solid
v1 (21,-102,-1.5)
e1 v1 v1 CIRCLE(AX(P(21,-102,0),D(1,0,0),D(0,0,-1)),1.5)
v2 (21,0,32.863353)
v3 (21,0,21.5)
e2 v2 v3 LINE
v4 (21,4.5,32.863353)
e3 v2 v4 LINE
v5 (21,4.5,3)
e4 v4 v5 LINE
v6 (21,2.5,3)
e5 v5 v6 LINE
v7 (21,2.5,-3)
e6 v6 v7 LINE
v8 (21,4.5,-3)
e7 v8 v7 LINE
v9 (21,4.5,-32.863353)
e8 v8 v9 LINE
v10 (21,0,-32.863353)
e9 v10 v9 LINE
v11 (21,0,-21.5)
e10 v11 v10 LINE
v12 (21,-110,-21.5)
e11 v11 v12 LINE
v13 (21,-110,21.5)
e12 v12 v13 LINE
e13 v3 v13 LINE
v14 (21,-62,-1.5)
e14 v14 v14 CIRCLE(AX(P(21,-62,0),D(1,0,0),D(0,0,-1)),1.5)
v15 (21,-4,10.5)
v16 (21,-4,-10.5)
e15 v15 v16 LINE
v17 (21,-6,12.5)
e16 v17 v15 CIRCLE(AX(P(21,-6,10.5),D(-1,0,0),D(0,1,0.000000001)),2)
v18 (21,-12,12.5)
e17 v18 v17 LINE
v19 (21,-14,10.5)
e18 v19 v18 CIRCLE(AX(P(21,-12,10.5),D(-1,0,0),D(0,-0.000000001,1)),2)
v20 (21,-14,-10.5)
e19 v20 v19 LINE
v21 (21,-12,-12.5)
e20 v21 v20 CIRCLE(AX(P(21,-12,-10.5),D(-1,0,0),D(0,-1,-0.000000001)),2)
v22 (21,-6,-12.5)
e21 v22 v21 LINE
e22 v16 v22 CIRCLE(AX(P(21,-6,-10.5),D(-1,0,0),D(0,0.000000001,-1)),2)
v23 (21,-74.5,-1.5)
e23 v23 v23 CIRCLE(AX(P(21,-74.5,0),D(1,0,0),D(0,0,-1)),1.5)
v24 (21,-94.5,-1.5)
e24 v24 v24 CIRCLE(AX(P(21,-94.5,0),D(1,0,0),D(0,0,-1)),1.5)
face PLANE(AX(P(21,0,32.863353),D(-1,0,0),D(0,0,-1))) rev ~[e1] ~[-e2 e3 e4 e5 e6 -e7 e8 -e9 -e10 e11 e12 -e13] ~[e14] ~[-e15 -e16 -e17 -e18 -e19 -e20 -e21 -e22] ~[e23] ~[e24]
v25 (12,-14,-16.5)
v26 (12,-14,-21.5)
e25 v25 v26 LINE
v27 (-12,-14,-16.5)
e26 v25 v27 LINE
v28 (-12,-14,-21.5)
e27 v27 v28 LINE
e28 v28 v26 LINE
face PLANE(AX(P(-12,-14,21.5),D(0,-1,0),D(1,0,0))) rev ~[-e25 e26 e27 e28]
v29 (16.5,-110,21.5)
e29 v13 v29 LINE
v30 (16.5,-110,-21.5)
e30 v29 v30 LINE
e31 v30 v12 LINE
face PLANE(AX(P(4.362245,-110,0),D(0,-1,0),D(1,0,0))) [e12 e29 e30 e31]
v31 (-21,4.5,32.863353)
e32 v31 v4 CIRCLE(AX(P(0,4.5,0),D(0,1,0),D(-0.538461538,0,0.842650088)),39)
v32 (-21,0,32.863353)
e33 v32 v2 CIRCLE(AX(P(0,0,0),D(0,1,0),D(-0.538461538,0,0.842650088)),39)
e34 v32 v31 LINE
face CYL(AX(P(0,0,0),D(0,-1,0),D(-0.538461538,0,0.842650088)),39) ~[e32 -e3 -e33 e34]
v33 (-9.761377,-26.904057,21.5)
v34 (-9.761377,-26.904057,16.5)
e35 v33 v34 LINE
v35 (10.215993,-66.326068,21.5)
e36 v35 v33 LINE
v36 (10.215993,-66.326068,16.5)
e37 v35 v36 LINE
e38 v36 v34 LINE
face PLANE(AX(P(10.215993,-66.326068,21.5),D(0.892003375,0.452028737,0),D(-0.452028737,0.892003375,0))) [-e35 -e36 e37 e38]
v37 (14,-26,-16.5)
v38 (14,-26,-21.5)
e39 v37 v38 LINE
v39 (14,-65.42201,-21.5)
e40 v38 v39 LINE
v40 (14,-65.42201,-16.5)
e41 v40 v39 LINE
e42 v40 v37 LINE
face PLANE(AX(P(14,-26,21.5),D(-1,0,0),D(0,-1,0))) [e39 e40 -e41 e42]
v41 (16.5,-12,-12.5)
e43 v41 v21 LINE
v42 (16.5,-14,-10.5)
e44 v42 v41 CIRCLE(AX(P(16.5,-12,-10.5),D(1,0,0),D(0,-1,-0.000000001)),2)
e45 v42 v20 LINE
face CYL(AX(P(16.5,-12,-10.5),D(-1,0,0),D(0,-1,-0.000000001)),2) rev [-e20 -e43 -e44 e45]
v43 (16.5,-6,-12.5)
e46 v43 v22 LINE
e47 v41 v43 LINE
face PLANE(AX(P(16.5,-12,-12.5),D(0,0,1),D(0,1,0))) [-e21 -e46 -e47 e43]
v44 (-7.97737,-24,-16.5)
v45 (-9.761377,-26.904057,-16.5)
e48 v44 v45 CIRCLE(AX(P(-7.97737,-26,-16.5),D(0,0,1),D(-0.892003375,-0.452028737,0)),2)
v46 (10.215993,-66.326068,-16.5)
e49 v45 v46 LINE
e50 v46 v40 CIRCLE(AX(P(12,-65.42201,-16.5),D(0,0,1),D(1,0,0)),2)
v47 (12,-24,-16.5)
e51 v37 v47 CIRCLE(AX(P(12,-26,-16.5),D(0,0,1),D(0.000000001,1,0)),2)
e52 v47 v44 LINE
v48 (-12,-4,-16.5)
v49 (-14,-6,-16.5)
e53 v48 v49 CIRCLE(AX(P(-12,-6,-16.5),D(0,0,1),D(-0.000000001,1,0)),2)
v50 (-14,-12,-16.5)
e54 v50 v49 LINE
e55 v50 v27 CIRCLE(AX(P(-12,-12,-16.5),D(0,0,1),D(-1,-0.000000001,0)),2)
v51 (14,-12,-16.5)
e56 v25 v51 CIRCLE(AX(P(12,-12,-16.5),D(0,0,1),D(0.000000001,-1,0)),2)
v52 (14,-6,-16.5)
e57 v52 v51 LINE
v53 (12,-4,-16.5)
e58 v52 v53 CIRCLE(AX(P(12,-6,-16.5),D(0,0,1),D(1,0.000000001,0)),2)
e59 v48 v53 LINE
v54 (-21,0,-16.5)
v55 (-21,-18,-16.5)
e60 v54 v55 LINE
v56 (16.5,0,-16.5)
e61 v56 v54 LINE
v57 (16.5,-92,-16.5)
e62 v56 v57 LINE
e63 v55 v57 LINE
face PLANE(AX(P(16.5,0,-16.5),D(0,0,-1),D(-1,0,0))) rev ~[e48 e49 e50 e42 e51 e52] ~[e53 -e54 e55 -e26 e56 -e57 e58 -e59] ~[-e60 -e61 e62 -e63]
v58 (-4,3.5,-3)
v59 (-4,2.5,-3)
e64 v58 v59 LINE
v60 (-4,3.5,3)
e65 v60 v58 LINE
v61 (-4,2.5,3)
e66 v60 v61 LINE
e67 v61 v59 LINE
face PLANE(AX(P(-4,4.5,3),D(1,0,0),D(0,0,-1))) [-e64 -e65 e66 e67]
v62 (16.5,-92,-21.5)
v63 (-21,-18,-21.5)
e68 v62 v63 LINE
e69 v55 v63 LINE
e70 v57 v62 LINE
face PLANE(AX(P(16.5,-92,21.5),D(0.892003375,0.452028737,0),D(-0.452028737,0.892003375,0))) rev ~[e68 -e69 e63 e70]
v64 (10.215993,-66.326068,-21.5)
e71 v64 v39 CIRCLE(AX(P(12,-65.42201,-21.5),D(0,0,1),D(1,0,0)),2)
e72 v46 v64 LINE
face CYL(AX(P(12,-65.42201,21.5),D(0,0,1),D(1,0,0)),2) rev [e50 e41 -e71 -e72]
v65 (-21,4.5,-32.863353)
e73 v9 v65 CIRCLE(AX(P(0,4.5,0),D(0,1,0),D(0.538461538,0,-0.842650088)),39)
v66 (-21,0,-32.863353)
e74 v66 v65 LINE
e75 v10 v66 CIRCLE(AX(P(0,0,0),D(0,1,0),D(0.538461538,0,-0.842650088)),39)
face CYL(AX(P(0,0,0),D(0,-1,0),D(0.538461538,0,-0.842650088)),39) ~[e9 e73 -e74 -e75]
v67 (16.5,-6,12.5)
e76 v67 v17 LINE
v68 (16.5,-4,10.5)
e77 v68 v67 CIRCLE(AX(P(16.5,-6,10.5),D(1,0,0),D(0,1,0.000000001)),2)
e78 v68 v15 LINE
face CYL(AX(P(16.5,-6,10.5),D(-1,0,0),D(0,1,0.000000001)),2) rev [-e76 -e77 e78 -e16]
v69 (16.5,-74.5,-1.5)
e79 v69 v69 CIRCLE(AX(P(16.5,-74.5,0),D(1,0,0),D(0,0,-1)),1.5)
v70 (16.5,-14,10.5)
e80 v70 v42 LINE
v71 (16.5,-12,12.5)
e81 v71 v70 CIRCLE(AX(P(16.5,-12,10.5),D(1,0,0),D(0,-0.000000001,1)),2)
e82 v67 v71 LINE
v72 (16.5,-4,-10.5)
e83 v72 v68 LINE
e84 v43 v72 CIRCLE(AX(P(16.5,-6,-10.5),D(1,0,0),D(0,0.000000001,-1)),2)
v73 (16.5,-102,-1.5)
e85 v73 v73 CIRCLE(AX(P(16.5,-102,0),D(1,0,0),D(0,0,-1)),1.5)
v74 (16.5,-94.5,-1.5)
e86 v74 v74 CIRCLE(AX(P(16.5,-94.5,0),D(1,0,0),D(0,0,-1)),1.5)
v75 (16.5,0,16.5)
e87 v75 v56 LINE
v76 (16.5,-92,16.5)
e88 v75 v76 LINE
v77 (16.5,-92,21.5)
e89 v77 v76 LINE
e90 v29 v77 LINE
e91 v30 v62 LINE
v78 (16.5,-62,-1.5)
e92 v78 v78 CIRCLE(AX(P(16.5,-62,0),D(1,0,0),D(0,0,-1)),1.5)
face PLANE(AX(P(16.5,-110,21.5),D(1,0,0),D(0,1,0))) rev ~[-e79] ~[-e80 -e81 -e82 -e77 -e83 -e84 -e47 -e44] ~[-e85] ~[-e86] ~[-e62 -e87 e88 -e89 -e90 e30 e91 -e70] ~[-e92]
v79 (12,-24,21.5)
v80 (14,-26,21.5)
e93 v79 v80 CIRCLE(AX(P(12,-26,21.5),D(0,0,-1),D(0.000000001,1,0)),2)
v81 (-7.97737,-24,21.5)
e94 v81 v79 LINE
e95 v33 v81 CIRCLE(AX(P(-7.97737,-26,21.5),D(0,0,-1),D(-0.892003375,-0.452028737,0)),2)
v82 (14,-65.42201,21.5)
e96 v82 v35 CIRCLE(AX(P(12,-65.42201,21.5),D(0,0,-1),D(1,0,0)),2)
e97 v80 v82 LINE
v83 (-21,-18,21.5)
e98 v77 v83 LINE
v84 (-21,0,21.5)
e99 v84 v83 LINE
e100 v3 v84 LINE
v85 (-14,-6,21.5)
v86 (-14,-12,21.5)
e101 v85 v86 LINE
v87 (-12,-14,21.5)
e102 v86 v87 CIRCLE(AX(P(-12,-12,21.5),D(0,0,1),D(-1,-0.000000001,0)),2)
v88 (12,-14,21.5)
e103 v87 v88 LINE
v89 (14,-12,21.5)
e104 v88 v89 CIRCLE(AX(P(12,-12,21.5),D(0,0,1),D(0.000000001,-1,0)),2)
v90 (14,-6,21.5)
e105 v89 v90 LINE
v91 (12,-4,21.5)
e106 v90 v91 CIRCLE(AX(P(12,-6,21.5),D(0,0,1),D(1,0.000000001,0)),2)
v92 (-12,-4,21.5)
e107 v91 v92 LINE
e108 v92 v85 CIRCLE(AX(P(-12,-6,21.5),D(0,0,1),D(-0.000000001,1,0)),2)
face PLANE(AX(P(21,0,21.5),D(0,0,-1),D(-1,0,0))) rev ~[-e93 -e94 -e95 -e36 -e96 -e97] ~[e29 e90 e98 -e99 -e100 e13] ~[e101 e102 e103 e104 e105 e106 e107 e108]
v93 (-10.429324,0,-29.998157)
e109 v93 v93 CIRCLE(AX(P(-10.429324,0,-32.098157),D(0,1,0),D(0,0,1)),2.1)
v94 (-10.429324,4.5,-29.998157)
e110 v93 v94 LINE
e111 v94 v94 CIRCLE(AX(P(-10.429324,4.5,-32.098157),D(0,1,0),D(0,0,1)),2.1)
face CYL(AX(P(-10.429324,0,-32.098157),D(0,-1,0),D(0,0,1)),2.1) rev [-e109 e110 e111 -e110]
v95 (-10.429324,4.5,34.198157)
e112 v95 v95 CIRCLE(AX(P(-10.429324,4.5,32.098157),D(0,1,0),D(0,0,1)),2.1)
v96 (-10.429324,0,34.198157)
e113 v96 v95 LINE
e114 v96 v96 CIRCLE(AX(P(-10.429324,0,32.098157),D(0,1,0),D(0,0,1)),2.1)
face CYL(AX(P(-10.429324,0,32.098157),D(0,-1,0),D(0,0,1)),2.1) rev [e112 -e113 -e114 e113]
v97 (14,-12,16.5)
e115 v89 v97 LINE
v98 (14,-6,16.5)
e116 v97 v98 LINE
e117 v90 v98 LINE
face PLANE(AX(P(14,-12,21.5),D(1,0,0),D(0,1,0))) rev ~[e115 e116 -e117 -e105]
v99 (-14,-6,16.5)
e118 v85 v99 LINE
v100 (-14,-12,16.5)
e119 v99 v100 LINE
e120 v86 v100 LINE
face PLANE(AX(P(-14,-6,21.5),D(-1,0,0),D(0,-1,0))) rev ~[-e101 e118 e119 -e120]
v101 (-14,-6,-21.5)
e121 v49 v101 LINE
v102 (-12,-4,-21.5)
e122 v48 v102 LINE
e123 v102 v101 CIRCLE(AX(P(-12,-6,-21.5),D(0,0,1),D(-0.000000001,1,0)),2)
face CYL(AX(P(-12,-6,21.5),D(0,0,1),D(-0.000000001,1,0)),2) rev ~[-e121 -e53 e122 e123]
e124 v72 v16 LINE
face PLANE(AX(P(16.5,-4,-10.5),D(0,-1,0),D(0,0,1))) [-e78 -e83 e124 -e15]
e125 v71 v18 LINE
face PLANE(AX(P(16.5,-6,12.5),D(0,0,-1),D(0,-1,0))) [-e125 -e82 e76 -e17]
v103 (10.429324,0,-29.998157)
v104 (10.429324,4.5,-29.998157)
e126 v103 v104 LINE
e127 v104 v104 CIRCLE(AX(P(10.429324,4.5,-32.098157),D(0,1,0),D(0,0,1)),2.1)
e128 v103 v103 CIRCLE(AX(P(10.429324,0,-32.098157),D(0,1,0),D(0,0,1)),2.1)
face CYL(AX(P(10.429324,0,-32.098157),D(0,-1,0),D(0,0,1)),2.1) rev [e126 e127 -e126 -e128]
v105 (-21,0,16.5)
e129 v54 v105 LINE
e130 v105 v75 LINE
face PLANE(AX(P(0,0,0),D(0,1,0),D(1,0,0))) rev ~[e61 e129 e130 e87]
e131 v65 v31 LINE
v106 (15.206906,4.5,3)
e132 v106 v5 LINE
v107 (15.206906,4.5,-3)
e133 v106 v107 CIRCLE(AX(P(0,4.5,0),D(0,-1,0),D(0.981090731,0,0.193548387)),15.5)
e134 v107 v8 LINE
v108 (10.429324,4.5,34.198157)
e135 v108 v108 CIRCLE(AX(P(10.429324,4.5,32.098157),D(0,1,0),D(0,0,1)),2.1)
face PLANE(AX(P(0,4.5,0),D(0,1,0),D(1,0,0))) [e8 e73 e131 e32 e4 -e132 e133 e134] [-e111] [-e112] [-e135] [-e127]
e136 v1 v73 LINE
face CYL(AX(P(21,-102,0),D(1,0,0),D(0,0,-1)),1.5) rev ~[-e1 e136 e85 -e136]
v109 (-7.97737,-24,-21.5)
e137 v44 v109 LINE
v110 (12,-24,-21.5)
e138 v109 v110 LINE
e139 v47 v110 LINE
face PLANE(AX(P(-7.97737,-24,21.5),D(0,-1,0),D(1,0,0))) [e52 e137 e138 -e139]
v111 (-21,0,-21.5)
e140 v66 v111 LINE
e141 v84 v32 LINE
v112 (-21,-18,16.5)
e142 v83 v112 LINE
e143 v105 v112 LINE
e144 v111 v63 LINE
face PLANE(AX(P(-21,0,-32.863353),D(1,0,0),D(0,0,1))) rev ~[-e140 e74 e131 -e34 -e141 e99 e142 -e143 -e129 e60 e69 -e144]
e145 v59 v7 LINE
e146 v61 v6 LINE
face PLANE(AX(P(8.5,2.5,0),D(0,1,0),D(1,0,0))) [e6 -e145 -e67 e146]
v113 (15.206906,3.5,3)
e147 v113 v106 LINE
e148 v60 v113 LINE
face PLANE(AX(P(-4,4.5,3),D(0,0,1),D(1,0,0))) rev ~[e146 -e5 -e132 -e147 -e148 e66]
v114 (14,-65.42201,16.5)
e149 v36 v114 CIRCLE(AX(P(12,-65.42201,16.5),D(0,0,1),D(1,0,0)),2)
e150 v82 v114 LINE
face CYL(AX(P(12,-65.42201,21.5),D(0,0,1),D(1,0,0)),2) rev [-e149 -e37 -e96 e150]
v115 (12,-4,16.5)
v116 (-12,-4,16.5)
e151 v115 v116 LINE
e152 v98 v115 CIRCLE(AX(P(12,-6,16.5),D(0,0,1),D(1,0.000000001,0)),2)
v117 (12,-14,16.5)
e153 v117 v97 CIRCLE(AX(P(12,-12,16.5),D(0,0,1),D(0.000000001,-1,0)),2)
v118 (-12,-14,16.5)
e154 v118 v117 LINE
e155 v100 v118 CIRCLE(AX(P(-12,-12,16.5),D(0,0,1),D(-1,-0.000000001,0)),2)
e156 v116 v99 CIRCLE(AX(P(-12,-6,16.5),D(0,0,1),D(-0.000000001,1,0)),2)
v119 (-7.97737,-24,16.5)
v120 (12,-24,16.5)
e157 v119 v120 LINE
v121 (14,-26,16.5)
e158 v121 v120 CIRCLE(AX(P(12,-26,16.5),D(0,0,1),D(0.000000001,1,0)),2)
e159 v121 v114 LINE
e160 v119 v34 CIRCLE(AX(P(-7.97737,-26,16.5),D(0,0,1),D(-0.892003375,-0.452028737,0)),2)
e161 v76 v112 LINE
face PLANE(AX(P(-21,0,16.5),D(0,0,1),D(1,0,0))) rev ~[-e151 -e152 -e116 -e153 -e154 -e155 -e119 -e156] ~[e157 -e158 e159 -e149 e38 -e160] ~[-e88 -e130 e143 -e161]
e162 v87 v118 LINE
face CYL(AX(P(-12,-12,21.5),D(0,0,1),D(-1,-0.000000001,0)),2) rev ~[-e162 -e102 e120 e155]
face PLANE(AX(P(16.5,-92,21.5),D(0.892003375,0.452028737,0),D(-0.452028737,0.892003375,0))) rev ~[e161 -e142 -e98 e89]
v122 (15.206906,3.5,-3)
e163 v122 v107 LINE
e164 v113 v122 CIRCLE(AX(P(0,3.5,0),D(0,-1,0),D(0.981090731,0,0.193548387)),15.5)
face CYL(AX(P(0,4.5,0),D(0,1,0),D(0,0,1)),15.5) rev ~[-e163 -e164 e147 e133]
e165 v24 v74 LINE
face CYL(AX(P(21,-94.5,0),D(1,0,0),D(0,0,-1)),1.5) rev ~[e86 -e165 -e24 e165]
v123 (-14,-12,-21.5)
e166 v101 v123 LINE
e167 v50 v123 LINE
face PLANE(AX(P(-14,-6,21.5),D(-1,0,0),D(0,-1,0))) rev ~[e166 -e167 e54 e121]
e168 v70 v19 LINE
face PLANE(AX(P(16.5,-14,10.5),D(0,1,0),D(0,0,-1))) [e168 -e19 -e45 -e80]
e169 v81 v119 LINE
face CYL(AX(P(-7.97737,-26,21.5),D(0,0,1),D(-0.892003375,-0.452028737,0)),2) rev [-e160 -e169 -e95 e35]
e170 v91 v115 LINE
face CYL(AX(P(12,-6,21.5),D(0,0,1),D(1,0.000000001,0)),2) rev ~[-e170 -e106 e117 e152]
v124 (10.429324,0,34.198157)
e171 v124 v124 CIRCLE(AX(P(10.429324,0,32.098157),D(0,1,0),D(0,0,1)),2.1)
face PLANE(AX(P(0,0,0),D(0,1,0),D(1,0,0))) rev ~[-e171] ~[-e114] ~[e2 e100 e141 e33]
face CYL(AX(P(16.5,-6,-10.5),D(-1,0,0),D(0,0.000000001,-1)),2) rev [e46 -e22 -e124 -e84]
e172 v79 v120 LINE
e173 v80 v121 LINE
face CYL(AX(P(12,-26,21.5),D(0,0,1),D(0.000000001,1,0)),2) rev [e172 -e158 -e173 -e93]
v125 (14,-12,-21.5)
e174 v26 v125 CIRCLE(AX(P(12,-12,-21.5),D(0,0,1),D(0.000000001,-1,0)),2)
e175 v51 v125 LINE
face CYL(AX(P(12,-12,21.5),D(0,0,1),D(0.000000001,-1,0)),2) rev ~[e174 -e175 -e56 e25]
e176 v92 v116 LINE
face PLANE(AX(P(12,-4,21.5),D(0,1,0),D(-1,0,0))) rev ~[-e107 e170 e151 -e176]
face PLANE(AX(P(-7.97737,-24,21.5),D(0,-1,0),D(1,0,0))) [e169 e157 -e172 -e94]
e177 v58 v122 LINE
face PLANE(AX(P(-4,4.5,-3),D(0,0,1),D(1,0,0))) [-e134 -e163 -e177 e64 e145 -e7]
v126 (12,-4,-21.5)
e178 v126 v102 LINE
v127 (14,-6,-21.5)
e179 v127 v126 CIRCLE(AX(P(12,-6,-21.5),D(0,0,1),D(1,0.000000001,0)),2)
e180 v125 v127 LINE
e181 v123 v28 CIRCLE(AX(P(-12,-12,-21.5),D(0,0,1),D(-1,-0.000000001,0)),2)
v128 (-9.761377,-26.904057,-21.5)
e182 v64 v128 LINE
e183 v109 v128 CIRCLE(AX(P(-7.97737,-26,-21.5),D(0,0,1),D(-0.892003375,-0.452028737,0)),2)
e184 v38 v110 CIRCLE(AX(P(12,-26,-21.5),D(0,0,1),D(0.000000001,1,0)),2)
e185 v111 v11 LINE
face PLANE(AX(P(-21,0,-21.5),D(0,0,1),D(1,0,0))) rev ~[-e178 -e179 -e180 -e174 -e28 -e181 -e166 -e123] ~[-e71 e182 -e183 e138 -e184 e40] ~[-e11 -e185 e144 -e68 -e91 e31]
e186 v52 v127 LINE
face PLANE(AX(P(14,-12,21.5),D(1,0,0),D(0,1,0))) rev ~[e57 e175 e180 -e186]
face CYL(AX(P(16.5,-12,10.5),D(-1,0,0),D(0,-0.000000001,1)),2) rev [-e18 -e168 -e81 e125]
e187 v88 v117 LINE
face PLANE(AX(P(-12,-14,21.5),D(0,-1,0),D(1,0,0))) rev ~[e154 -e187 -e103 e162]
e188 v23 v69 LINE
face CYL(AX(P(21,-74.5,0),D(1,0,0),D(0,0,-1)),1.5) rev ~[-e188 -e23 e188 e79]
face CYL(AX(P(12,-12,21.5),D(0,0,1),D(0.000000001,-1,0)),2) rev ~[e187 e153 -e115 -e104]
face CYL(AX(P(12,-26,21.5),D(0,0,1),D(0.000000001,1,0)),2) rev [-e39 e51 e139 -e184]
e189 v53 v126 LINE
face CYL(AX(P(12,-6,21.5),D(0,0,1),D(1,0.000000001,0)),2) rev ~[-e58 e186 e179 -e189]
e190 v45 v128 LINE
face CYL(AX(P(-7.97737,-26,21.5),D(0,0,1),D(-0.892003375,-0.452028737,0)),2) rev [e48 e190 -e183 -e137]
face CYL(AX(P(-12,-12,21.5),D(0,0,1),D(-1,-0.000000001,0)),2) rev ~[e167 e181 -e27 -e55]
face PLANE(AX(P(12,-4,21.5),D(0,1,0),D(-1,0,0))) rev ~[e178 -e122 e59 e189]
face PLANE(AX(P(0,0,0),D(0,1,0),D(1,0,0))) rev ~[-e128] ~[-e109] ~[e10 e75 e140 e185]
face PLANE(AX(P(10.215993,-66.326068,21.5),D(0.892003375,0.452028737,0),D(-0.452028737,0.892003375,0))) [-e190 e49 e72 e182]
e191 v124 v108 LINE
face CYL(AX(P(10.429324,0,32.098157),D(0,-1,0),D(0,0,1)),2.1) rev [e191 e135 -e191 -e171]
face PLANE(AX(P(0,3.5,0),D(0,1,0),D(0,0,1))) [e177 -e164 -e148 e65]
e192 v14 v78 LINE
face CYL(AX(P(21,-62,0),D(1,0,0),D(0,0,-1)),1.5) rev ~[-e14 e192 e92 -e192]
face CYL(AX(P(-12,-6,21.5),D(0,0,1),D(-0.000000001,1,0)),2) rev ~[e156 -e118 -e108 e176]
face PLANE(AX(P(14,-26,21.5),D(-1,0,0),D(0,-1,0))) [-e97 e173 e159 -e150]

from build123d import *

# Parameters (mm, degrees)
SKETCH1_R           = 2.1
BOSS_EXTRUDE1_DEPTH = 4.5
SKETCH2_R           = 15.5
CUT_EXTRUDE1_DEPTH  = 1
SKETCH3_W           = 25
SKETCH3_H           = 6
CUT_EXTRUDE2_DEPTH  = 2
BOSS_EXTRUDE2_DEPTH = 110
CUT_EXTRUDE3_DEPTH  = 128.284130983
CUT_EXTRUDE4_REACH  = 126.036
SKETCH6_R           = 1.5
CUT_EXTRUDE5_REACH  = 124.586
CUT_EXTRUDE6_DEPTH  = 110


with BuildPart() as part:
    # Sketch1 → Boss-Extrude1 (new body)
    with BuildSketch(Plane(origin=(0, 0, 0), x_dir=(1, 0, 0), z_dir=(0, 1, 0))):
        with BuildLine():
            Line((-21, 32.86335345), (-21, -32.86335345))
            ThreePointArc((-21, -32.86335345), (0, -39), (21, -32.86335345))
            Line((21, -32.86335345), (21, 32.86335345))
            ThreePointArc((21, 32.86335345), (0, 39), (-21, 32.86335345))
        make_face()
        with Locations(Location((10.42932356, 32.098157425, 0), (0, 0, 270))):
            Circle(SKETCH1_R, mode=Mode.SUBTRACT)
        with Locations(Location((-10.42932356, 32.098157425, 0), (0, 0, 270))):
            Circle(SKETCH1_R, mode=Mode.SUBTRACT)
        with Locations(Location((10.42932356, -32.098157425, 0), (0, 0, 270))):
            Circle(SKETCH1_R, mode=Mode.SUBTRACT)
        with Locations(Location((-10.42932356, -32.098157425, 0), (0, 0, 270))):
            Circle(SKETCH1_R, mode=Mode.SUBTRACT)
    extrude(amount=BOSS_EXTRUDE1_DEPTH)

    # Sketch2 → Cut-Extrude1 (cut)
    with BuildSketch(Plane(origin=(0, 4.5, 0), x_dir=(1, 0, 0), z_dir=(0, 1, 0))):
        with Locations(Location((0, 0, 0), (0, 0, 270))):
            Circle(SKETCH2_R)
    extrude(amount=-CUT_EXTRUDE1_DEPTH, mode=Mode.SUBTRACT)

    # Sketch3 → Cut-Extrude2 (cut)
    with BuildSketch(Plane(origin=(0, 4.5, 0), x_dir=(1, 0, 0), z_dir=(0, 1, 0))):
        with Locations((8.5, 0)):
            Rectangle(SKETCH3_W, SKETCH3_H)
    extrude(amount=-CUT_EXTRUDE2_DEPTH, mode=Mode.SUBTRACT)

    # Sketch4 → Boss-Extrude2 (add)
    with BuildSketch(Plane.XZ):
        Polygon((21, 21.5), (-21, 21.5), (-21, 16.5), (-16.5, 16.5), (16.5, 16.5), (16.5, -16.5), (-16.5, -16.5), (-21, -16.5), (-21, -21.5), (21, -21.5), align=None)
    extrude(amount=BOSS_EXTRUDE2_DEPTH)

    # Sketch5 → Cut-Extrude3 (cut, through all)
    with BuildSketch(Plane.XY.offset(21.5)):
        Polygon((-21, -18), (16.5, -110), (16.5, -92), align=None)
    extrude(amount=-CUT_EXTRUDE3_DEPTH, mode=Mode.SUBTRACT)


with BuildPart() as cut_extrude3_kept_piece:
    # of the separate pieces the step leaves, the one the design keeps (cut_extrude3_pieces_kept)
    add(part.part.solids().sort_by_distance((21, 0, -32.86335345))[0])

    # Sketch6 → Cut-Extrude4 (cut, up to next)
    with BuildSketch(Plane(origin=(21, 0, 0), x_dir=(0, 0, -1), z_dir=(1, 0, 0)), mode=Mode.PRIVATE) as cut_extrude4_sk1:
        with Locations((0, -102)):
            Circle(SKETCH6_R)
    cut_extrude4_tool1 = extrude(cut_extrude4_sk1.sketch, amount=-CUT_EXTRUDE4_REACH, mode=Mode.PRIVATE) & cut_extrude3_kept_piece.part
    # Sketch6 → Cut-Extrude4 (cut, up to next)
    with BuildSketch(Plane(origin=(21, 0, 0), x_dir=(0, 0, -1), z_dir=(1, 0, 0)), mode=Mode.PRIVATE) as cut_extrude4_sk2:
        with Locations((0, -94.5)):
            Circle(SKETCH6_R)
    cut_extrude4_tool2 = extrude(cut_extrude4_sk2.sketch, amount=-CUT_EXTRUDE4_REACH, mode=Mode.PRIVATE) & cut_extrude3_kept_piece.part
    # Sketch6 → Cut-Extrude4 (cut, up to next)
    with BuildSketch(Plane(origin=(21, 0, 0), x_dir=(0, 0, -1), z_dir=(1, 0, 0)), mode=Mode.PRIVATE) as cut_extrude4_sk3:
        with Locations((0, -74.5)):
            Circle(SKETCH6_R)
    cut_extrude4_tool3 = extrude(cut_extrude4_sk3.sketch, amount=-CUT_EXTRUDE4_REACH, mode=Mode.PRIVATE) & cut_extrude3_kept_piece.part
    # Sketch6 → Cut-Extrude4 (cut, up to next)
    with BuildSketch(Plane(origin=(21, 0, 0), x_dir=(0, 0, -1), z_dir=(1, 0, 0)), mode=Mode.PRIVATE) as cut_extrude4_sk4:
        with Locations((0, -62)):
            Circle(SKETCH6_R)
    cut_extrude4_tool4 = extrude(cut_extrude4_sk4.sketch, amount=-CUT_EXTRUDE4_REACH, mode=Mode.PRIVATE) & cut_extrude3_kept_piece.part
    add(cut_extrude4_tool1.solids().sort_by_distance((21, -102, 0))[0], mode=Mode.SUBTRACT)
    add(cut_extrude4_tool2.solids().sort_by_distance((21, -94.5, 0))[0], mode=Mode.SUBTRACT)
    add(cut_extrude4_tool3.solids().sort_by_distance((21, -74.5, 0))[0], mode=Mode.SUBTRACT)
    add(cut_extrude4_tool4.solids().sort_by_distance((21, -62, 0))[0], mode=Mode.SUBTRACT)

    # Sketch7 → Cut-Extrude5 (cut, up to next)
    with BuildSketch(Plane.ZY.offset(-16.5), mode=Mode.PRIVATE) as cut_extrude5_sk1:
        with BuildLine():
            Line((-10.5, -4), (10.5, -4))
            ThreePointArc((10.5, -4), (11.914213562, -4.585786438), (12.5, -6))
            Line((12.5, -6), (12.5, -12))
            ThreePointArc((12.5, -12), (11.914213562, -13.414213562), (10.5, -14))
            Line((10.5, -14), (-10.5, -14))
            ThreePointArc((-10.5, -14), (-11.914213562, -13.414213562), (-12.5, -12))
            Line((-12.5, -12), (-12.5, -6))
            ThreePointArc((-12.5, -6), (-11.914213562, -4.585786438), (-10.5, -4))
        make_face()
    cut_extrude5_tool1 = extrude(cut_extrude5_sk1.sketch, amount=-CUT_EXTRUDE5_REACH, mode=Mode.PRIVATE) & cut_extrude3_kept_piece.part
    add(cut_extrude5_tool1.solids().sort_by_distance((16.5, -9, 0))[0], mode=Mode.SUBTRACT)

    # Sketch8 → Cut-Extrude6 (cut)
    with BuildSketch(Plane.XY.offset(21.5)):
        with BuildLine():
            Line((-7.977370013, -24), (12, -24))
            ThreePointArc((12, -24), (13.414213562, -24.585786438), (14, -26))
            Line((14, -26), (14, -65.422010158))
            ThreePointArc((14, -65.422010158), (12.46475074, -67.36726252), (10.21599325, -66.326067633))
            Line((10.21599325, -66.326067633), (-9.761376762, -26.904057474))
            ThreePointArc((-9.761376762, -26.904057474), (-9.681499548, -24.953127264), (-7.977370013, -24))
        make_face()
        with BuildLine():
            Line((-12, -14), (12, -14))
            ThreePointArc((12, -14), (13.414213562, -13.414213562), (14, -12))
            Line((14, -12), (14, -6))
            ThreePointArc((14, -6), (13.414213562, -4.585786438), (12, -4))
            Line((12, -4), (-12, -4))
            ThreePointArc((-12, -4), (-13.414213562, -4.585786438), (-14, -6))
            Line((-14, -6), (-14, -12))
            ThreePointArc((-14, -12), (-13.414213562, -13.414213562), (-12, -14))
        make_face()
    extrude(amount=-CUT_EXTRUDE6_DEPTH, mode=Mode.SUBTRACT)


solid = cut_extrude3_kept_piece.part
